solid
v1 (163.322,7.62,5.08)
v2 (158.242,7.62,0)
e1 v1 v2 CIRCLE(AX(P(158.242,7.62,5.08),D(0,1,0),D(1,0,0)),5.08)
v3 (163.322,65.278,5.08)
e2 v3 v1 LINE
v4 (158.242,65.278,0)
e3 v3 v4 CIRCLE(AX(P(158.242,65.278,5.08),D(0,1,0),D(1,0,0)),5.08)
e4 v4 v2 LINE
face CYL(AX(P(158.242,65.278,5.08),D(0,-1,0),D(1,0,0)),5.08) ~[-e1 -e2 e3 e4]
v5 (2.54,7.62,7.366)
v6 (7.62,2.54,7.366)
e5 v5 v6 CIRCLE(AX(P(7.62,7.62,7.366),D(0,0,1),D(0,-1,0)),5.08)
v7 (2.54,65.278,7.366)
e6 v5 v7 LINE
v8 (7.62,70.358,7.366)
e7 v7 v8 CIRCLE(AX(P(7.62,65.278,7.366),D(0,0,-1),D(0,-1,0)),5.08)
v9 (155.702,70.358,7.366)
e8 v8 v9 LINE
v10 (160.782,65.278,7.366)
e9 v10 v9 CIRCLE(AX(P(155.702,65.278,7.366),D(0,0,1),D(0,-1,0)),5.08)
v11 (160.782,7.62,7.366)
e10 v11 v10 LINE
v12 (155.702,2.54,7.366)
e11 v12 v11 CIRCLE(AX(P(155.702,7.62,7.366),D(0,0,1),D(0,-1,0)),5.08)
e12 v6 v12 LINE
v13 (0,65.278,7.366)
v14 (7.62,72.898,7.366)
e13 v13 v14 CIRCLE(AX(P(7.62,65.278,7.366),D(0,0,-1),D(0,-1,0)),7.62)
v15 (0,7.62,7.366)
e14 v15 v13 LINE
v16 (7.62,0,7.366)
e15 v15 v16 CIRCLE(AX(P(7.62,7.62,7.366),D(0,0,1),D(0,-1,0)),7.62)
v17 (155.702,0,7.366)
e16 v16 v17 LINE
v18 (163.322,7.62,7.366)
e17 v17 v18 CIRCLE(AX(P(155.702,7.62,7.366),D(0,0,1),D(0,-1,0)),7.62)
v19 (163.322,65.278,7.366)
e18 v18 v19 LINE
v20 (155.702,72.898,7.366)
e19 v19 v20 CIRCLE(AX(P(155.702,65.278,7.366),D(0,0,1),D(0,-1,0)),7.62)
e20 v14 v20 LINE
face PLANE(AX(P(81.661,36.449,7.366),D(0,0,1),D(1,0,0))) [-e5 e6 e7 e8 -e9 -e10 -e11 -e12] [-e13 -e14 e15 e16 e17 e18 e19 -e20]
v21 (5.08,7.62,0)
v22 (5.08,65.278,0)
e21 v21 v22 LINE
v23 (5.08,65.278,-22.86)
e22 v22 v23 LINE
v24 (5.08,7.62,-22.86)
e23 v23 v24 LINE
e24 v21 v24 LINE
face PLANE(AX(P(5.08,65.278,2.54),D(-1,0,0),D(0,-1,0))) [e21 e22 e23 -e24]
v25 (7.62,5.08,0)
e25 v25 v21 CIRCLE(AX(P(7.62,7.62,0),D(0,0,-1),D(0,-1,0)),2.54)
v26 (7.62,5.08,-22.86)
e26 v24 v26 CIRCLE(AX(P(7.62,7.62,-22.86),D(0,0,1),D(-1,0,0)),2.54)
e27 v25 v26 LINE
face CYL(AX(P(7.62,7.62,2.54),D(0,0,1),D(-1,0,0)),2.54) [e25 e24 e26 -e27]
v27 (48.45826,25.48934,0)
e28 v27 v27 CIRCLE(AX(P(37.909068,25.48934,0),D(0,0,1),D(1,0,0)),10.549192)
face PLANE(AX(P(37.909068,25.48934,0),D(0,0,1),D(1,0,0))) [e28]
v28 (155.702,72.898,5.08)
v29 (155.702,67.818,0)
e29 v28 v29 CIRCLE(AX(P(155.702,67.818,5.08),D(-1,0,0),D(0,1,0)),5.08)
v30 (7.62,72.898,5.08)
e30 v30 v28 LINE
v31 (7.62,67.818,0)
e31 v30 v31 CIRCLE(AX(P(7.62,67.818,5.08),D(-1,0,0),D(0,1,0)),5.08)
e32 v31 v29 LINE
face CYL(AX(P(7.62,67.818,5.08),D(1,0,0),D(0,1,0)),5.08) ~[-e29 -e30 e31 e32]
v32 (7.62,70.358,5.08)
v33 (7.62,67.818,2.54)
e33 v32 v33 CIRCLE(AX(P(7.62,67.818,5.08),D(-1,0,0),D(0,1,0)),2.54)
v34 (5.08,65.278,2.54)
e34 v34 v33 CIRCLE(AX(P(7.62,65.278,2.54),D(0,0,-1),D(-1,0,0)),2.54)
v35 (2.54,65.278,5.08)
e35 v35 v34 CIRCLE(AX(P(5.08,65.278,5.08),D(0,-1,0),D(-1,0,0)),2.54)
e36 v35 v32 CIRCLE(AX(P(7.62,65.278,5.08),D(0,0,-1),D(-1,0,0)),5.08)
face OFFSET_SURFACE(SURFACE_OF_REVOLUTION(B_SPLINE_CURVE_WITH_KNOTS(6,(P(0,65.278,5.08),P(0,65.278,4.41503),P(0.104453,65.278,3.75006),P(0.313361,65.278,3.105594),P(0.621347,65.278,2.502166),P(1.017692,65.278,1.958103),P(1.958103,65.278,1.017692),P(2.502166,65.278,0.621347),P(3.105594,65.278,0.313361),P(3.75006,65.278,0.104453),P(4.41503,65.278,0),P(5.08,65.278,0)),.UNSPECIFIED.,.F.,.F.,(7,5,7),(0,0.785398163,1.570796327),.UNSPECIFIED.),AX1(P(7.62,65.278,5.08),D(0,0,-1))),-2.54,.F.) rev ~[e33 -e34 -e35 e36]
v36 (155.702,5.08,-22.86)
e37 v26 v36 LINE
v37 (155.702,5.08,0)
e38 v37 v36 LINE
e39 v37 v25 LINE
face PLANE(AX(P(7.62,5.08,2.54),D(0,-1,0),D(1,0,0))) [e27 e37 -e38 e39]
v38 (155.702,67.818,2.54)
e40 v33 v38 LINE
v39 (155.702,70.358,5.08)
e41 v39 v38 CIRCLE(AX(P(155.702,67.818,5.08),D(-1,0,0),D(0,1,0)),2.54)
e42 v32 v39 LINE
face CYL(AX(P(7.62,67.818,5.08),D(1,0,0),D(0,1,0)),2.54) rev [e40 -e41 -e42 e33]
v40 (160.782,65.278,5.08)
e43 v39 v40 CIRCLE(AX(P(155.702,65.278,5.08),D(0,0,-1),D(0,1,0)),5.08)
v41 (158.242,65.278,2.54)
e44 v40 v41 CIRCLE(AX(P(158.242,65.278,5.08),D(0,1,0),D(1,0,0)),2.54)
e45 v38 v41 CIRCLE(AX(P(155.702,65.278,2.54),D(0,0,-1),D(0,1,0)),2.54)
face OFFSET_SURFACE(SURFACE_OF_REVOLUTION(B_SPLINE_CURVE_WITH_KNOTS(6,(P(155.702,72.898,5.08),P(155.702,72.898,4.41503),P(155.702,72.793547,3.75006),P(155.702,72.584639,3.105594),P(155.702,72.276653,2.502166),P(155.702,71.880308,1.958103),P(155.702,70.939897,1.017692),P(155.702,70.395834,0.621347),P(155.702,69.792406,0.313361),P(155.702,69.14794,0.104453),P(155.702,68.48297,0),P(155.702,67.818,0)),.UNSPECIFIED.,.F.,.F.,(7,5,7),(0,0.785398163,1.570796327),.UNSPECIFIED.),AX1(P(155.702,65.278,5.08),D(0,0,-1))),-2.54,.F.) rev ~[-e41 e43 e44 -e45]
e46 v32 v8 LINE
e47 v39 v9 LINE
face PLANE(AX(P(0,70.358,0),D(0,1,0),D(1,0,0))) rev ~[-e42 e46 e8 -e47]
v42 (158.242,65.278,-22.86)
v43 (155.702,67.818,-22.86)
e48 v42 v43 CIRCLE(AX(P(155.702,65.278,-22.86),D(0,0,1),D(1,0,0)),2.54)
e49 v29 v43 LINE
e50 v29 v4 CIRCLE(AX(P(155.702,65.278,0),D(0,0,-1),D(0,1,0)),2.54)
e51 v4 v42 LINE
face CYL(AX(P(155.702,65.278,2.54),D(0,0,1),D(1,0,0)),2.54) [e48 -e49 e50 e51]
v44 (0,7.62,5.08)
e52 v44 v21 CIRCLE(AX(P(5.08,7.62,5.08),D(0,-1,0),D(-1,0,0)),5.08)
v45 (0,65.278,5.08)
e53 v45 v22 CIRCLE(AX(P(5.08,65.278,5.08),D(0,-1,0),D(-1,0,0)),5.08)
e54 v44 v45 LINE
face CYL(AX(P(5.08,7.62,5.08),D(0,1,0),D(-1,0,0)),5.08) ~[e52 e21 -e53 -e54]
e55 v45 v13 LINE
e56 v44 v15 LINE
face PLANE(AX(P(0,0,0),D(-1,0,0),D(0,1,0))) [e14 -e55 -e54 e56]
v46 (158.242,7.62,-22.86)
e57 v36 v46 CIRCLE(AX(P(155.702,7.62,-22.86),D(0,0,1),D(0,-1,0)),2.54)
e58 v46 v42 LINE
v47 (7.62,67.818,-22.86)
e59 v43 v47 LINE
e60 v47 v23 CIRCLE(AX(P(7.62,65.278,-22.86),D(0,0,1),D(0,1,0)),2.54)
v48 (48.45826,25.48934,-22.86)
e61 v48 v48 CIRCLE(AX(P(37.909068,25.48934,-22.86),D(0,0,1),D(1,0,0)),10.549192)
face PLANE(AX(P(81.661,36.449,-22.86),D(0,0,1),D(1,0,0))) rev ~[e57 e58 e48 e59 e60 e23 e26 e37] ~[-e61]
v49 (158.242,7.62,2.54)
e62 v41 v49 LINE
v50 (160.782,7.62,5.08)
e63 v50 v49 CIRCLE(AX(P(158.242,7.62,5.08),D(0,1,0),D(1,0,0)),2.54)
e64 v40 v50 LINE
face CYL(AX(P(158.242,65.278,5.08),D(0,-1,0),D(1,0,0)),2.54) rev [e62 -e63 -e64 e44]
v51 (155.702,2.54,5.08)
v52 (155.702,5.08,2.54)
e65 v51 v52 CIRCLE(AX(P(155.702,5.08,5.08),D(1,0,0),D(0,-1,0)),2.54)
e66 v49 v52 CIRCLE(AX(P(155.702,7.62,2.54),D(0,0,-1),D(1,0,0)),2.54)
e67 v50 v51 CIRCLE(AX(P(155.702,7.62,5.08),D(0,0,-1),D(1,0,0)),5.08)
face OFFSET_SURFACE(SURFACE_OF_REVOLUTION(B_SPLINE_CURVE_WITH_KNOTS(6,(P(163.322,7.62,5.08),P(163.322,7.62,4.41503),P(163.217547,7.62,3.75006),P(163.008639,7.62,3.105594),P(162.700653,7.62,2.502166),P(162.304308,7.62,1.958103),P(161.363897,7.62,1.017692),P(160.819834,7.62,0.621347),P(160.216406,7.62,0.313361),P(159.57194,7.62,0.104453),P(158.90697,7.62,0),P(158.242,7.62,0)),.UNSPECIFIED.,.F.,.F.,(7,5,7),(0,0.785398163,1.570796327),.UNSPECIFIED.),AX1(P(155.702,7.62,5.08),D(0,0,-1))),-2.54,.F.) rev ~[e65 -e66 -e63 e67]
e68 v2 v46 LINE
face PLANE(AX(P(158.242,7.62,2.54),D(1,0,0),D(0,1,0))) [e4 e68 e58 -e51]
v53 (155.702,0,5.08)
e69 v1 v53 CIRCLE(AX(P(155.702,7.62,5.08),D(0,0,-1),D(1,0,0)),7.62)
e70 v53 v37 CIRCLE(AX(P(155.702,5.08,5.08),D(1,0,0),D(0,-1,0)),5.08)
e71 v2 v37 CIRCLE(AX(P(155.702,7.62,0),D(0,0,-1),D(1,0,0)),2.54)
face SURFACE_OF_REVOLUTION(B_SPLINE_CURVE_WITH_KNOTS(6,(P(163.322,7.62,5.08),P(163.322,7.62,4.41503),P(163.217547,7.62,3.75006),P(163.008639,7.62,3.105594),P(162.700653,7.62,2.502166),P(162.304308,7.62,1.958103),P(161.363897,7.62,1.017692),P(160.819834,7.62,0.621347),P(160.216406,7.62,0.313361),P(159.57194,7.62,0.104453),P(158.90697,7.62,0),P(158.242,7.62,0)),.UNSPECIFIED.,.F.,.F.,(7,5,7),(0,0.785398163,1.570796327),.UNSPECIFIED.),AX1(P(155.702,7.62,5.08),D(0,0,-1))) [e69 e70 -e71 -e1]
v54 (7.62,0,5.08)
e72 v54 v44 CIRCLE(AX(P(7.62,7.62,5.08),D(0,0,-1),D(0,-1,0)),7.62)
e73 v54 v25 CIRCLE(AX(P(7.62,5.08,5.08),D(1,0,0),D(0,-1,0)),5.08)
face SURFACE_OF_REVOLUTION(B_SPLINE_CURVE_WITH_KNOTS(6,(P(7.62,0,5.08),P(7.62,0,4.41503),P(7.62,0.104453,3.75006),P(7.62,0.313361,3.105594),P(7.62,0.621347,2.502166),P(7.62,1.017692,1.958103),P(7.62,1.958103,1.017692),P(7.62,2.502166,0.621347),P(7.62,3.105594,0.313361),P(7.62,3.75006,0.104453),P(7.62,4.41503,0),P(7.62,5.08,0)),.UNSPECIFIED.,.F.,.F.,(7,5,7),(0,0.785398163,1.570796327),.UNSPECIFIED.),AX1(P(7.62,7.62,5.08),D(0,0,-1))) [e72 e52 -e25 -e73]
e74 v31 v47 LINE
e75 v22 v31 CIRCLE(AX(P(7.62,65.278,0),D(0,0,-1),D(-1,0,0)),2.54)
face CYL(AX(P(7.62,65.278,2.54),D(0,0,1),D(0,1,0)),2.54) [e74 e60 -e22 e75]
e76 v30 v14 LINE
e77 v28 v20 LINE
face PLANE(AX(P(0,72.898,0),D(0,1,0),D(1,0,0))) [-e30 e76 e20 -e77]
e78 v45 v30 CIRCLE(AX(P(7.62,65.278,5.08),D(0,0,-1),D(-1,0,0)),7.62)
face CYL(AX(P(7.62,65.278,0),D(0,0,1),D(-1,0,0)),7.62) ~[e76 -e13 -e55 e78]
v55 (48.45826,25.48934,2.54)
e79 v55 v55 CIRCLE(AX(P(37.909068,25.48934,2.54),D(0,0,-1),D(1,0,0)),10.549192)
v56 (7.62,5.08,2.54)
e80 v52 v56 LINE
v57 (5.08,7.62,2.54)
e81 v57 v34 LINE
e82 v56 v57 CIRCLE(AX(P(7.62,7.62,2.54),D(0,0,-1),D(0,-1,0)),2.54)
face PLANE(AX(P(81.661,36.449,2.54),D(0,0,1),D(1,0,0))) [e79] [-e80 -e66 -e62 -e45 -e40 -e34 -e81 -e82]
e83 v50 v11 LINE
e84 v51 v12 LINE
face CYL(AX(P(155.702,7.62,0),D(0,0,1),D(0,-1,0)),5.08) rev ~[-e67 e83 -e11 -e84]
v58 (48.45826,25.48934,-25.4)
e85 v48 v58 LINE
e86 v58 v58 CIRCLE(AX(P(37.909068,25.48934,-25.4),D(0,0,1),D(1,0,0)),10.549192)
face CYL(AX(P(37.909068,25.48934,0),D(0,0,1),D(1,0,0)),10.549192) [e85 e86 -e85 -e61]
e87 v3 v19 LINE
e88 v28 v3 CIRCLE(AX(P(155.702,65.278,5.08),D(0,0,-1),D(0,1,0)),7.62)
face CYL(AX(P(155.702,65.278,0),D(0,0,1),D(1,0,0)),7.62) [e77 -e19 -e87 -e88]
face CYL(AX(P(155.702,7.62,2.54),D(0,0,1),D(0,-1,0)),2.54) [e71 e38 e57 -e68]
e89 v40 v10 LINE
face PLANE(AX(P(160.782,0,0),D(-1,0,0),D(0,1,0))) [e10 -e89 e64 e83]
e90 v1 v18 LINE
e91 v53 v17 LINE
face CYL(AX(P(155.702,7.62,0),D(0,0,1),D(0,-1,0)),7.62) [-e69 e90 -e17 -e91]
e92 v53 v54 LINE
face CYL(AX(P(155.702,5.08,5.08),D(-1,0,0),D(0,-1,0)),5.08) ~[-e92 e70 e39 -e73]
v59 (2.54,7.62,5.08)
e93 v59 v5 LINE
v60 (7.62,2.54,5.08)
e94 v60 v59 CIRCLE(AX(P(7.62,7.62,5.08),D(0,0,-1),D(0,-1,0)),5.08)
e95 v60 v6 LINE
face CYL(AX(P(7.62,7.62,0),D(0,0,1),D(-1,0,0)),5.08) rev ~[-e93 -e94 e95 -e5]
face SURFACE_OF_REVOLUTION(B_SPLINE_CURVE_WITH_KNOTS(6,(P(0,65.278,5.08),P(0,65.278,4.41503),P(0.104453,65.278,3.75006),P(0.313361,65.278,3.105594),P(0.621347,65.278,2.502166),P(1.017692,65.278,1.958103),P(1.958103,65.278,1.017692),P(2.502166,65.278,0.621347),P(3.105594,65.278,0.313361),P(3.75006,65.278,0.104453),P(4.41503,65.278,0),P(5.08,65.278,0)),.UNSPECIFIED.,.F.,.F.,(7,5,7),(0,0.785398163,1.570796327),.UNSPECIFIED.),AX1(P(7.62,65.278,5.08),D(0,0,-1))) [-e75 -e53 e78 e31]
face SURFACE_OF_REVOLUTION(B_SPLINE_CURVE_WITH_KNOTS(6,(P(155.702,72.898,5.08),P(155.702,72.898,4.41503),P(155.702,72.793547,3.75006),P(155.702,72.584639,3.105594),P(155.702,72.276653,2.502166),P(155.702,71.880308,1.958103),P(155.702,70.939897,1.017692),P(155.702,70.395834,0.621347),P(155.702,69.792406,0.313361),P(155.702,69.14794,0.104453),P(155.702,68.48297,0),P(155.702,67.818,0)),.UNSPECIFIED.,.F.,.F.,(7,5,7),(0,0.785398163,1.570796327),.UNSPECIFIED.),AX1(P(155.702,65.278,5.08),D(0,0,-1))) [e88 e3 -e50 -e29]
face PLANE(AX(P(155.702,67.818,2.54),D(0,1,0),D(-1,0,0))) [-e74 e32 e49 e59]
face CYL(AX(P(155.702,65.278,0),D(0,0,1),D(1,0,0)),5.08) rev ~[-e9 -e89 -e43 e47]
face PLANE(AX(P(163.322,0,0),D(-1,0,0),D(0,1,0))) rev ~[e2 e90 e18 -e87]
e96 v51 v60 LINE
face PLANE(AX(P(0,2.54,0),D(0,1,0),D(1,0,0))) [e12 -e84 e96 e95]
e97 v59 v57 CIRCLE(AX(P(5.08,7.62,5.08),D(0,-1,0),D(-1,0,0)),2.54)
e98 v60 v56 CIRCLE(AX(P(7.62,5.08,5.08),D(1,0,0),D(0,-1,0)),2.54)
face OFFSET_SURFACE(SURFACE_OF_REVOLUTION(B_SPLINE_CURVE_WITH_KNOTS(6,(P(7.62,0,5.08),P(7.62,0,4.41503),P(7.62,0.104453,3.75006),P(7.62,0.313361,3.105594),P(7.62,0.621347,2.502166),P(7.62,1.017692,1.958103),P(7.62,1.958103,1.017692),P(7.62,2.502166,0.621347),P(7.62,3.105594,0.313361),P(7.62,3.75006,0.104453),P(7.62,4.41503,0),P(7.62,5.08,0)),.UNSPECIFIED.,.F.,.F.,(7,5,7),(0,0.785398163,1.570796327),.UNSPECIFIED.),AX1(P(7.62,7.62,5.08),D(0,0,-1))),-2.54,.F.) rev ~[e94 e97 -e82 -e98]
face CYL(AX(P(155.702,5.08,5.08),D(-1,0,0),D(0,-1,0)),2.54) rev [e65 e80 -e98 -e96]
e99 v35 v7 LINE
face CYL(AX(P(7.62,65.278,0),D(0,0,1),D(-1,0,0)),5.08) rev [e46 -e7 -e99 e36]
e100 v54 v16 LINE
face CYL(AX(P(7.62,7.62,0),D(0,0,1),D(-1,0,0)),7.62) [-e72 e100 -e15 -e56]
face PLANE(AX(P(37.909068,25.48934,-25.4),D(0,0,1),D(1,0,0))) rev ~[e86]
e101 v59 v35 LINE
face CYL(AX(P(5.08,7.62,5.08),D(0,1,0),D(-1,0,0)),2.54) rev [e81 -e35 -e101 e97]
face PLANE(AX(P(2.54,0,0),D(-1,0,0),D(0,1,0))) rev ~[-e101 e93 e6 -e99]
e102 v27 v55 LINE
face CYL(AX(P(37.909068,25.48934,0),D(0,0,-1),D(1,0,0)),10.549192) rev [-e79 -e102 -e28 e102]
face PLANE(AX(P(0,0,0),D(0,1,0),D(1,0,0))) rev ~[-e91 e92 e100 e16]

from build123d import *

# Parameters (mm, degrees)
F0_W      = 163.322
F0_H      = 72.898
F1_DEPTH  = 7.366
F2_R      = 7.62
F3_R      = 5.08
F4_T      = -2.54
F5_R      = 10.5491920508
F6_DEPTH  = 30.48
F4_FACE_R = 10.5491920508
F7_DEPTH  = 25.4


with BuildPart() as f1:
    # F0 (on Top) → F1 (new body)
    with BuildSketch(Plane.XY):
        with Locations((81.661, 36.449)):
            Rectangle(F0_W, F0_H)
    extrude(amount=F1_DEPTH)

    # F2
    f2_edges = [f1.edges().sort_by_distance(p)[0] for p in [
        (163.322, 72.898, 3.683),
        (0, 72.898, 3.683),
        (163.322, 0, 3.683),
        (0, 0, 3.683),
    ]]
    fillet(f2_edges, radius=F2_R)

    # F3
    f3_edges = [f1.edges().sort_by_distance(p)[0] for p in [
        (0, 36.449, 0),
        (2.231846, 70.666154, 0),
        (2.231846, 2.231846, 0),
        (81.661, 72.898, 0),
        (81.661, 0, 0),
        (161.090154, 70.666154, 0),
        (161.090154, 2.231846, 0),
        (163.322, 36.449, 0),
    ]]
    fillet(f3_edges, radius=F3_R)

    # F4
    f4_openings = [f1.faces().sort_by_distance(p)[0] for p in [
        (81.661, 36.449, 7.366),
    ]]
    offset(amount=F4_T, openings=f4_openings)

    # F5 (on Top) → F6 (cut)
    with BuildSketch(Plane.XY):
        with Locations((37.9090681672, 25.489339605)):
            Circle(F5_R)
    extrude(amount=F6_DEPTH, mode=Mode.SUBTRACT)

    # F5 (on Top) + F4_face (on face) → F7 (join)
    with BuildSketch(Plane.XY):
        with Locations((37.9090681672, 25.489339605)):
            Circle(F5_R)
    with BuildSketch(Plane(origin=(83.3139491245, 36.8630562553, 2.54), x_dir=(1, 0, 0), z_dir=(0, 0, 1))):
        with BuildLine():
            Line((-78.2339491245, 28.4149437447), (-78.2339491245, -29.2430562553))
            ThreePointArc((-78.2339491245, -29.2430562553), (-77.4900003487, -31.0391074795), (-75.6939491245, -31.7830562553))
            Line((-75.6939491245, -31.7830562553), (72.3880508755, -31.7830562553))
            ThreePointArc((72.3880508755, -31.7830562553), (74.1841020997, -31.0391074795), (74.9280508755, -29.2430562553))
            Line((74.9280508755, -29.2430562553), (74.9280508755, 28.4149437447))
            ThreePointArc((74.9280508755, 28.4149437447), (74.1841020997, 30.210994969), (72.3880508755, 30.9549437447))
            Line((72.3880508755, 30.9549437447), (-75.6939491245, 30.9549437447))
            ThreePointArc((-75.6939491245, 30.9549437447), (-77.4900003487, 30.210994969), (-78.2339491245, 28.4149437447))
        make_face()
        with Locations((-45.4048809573, -11.3737166503)):
            Circle(F4_FACE_R, mode=Mode.SUBTRACT)
    extrude(amount=-F7_DEPTH)


solid = f1.part
